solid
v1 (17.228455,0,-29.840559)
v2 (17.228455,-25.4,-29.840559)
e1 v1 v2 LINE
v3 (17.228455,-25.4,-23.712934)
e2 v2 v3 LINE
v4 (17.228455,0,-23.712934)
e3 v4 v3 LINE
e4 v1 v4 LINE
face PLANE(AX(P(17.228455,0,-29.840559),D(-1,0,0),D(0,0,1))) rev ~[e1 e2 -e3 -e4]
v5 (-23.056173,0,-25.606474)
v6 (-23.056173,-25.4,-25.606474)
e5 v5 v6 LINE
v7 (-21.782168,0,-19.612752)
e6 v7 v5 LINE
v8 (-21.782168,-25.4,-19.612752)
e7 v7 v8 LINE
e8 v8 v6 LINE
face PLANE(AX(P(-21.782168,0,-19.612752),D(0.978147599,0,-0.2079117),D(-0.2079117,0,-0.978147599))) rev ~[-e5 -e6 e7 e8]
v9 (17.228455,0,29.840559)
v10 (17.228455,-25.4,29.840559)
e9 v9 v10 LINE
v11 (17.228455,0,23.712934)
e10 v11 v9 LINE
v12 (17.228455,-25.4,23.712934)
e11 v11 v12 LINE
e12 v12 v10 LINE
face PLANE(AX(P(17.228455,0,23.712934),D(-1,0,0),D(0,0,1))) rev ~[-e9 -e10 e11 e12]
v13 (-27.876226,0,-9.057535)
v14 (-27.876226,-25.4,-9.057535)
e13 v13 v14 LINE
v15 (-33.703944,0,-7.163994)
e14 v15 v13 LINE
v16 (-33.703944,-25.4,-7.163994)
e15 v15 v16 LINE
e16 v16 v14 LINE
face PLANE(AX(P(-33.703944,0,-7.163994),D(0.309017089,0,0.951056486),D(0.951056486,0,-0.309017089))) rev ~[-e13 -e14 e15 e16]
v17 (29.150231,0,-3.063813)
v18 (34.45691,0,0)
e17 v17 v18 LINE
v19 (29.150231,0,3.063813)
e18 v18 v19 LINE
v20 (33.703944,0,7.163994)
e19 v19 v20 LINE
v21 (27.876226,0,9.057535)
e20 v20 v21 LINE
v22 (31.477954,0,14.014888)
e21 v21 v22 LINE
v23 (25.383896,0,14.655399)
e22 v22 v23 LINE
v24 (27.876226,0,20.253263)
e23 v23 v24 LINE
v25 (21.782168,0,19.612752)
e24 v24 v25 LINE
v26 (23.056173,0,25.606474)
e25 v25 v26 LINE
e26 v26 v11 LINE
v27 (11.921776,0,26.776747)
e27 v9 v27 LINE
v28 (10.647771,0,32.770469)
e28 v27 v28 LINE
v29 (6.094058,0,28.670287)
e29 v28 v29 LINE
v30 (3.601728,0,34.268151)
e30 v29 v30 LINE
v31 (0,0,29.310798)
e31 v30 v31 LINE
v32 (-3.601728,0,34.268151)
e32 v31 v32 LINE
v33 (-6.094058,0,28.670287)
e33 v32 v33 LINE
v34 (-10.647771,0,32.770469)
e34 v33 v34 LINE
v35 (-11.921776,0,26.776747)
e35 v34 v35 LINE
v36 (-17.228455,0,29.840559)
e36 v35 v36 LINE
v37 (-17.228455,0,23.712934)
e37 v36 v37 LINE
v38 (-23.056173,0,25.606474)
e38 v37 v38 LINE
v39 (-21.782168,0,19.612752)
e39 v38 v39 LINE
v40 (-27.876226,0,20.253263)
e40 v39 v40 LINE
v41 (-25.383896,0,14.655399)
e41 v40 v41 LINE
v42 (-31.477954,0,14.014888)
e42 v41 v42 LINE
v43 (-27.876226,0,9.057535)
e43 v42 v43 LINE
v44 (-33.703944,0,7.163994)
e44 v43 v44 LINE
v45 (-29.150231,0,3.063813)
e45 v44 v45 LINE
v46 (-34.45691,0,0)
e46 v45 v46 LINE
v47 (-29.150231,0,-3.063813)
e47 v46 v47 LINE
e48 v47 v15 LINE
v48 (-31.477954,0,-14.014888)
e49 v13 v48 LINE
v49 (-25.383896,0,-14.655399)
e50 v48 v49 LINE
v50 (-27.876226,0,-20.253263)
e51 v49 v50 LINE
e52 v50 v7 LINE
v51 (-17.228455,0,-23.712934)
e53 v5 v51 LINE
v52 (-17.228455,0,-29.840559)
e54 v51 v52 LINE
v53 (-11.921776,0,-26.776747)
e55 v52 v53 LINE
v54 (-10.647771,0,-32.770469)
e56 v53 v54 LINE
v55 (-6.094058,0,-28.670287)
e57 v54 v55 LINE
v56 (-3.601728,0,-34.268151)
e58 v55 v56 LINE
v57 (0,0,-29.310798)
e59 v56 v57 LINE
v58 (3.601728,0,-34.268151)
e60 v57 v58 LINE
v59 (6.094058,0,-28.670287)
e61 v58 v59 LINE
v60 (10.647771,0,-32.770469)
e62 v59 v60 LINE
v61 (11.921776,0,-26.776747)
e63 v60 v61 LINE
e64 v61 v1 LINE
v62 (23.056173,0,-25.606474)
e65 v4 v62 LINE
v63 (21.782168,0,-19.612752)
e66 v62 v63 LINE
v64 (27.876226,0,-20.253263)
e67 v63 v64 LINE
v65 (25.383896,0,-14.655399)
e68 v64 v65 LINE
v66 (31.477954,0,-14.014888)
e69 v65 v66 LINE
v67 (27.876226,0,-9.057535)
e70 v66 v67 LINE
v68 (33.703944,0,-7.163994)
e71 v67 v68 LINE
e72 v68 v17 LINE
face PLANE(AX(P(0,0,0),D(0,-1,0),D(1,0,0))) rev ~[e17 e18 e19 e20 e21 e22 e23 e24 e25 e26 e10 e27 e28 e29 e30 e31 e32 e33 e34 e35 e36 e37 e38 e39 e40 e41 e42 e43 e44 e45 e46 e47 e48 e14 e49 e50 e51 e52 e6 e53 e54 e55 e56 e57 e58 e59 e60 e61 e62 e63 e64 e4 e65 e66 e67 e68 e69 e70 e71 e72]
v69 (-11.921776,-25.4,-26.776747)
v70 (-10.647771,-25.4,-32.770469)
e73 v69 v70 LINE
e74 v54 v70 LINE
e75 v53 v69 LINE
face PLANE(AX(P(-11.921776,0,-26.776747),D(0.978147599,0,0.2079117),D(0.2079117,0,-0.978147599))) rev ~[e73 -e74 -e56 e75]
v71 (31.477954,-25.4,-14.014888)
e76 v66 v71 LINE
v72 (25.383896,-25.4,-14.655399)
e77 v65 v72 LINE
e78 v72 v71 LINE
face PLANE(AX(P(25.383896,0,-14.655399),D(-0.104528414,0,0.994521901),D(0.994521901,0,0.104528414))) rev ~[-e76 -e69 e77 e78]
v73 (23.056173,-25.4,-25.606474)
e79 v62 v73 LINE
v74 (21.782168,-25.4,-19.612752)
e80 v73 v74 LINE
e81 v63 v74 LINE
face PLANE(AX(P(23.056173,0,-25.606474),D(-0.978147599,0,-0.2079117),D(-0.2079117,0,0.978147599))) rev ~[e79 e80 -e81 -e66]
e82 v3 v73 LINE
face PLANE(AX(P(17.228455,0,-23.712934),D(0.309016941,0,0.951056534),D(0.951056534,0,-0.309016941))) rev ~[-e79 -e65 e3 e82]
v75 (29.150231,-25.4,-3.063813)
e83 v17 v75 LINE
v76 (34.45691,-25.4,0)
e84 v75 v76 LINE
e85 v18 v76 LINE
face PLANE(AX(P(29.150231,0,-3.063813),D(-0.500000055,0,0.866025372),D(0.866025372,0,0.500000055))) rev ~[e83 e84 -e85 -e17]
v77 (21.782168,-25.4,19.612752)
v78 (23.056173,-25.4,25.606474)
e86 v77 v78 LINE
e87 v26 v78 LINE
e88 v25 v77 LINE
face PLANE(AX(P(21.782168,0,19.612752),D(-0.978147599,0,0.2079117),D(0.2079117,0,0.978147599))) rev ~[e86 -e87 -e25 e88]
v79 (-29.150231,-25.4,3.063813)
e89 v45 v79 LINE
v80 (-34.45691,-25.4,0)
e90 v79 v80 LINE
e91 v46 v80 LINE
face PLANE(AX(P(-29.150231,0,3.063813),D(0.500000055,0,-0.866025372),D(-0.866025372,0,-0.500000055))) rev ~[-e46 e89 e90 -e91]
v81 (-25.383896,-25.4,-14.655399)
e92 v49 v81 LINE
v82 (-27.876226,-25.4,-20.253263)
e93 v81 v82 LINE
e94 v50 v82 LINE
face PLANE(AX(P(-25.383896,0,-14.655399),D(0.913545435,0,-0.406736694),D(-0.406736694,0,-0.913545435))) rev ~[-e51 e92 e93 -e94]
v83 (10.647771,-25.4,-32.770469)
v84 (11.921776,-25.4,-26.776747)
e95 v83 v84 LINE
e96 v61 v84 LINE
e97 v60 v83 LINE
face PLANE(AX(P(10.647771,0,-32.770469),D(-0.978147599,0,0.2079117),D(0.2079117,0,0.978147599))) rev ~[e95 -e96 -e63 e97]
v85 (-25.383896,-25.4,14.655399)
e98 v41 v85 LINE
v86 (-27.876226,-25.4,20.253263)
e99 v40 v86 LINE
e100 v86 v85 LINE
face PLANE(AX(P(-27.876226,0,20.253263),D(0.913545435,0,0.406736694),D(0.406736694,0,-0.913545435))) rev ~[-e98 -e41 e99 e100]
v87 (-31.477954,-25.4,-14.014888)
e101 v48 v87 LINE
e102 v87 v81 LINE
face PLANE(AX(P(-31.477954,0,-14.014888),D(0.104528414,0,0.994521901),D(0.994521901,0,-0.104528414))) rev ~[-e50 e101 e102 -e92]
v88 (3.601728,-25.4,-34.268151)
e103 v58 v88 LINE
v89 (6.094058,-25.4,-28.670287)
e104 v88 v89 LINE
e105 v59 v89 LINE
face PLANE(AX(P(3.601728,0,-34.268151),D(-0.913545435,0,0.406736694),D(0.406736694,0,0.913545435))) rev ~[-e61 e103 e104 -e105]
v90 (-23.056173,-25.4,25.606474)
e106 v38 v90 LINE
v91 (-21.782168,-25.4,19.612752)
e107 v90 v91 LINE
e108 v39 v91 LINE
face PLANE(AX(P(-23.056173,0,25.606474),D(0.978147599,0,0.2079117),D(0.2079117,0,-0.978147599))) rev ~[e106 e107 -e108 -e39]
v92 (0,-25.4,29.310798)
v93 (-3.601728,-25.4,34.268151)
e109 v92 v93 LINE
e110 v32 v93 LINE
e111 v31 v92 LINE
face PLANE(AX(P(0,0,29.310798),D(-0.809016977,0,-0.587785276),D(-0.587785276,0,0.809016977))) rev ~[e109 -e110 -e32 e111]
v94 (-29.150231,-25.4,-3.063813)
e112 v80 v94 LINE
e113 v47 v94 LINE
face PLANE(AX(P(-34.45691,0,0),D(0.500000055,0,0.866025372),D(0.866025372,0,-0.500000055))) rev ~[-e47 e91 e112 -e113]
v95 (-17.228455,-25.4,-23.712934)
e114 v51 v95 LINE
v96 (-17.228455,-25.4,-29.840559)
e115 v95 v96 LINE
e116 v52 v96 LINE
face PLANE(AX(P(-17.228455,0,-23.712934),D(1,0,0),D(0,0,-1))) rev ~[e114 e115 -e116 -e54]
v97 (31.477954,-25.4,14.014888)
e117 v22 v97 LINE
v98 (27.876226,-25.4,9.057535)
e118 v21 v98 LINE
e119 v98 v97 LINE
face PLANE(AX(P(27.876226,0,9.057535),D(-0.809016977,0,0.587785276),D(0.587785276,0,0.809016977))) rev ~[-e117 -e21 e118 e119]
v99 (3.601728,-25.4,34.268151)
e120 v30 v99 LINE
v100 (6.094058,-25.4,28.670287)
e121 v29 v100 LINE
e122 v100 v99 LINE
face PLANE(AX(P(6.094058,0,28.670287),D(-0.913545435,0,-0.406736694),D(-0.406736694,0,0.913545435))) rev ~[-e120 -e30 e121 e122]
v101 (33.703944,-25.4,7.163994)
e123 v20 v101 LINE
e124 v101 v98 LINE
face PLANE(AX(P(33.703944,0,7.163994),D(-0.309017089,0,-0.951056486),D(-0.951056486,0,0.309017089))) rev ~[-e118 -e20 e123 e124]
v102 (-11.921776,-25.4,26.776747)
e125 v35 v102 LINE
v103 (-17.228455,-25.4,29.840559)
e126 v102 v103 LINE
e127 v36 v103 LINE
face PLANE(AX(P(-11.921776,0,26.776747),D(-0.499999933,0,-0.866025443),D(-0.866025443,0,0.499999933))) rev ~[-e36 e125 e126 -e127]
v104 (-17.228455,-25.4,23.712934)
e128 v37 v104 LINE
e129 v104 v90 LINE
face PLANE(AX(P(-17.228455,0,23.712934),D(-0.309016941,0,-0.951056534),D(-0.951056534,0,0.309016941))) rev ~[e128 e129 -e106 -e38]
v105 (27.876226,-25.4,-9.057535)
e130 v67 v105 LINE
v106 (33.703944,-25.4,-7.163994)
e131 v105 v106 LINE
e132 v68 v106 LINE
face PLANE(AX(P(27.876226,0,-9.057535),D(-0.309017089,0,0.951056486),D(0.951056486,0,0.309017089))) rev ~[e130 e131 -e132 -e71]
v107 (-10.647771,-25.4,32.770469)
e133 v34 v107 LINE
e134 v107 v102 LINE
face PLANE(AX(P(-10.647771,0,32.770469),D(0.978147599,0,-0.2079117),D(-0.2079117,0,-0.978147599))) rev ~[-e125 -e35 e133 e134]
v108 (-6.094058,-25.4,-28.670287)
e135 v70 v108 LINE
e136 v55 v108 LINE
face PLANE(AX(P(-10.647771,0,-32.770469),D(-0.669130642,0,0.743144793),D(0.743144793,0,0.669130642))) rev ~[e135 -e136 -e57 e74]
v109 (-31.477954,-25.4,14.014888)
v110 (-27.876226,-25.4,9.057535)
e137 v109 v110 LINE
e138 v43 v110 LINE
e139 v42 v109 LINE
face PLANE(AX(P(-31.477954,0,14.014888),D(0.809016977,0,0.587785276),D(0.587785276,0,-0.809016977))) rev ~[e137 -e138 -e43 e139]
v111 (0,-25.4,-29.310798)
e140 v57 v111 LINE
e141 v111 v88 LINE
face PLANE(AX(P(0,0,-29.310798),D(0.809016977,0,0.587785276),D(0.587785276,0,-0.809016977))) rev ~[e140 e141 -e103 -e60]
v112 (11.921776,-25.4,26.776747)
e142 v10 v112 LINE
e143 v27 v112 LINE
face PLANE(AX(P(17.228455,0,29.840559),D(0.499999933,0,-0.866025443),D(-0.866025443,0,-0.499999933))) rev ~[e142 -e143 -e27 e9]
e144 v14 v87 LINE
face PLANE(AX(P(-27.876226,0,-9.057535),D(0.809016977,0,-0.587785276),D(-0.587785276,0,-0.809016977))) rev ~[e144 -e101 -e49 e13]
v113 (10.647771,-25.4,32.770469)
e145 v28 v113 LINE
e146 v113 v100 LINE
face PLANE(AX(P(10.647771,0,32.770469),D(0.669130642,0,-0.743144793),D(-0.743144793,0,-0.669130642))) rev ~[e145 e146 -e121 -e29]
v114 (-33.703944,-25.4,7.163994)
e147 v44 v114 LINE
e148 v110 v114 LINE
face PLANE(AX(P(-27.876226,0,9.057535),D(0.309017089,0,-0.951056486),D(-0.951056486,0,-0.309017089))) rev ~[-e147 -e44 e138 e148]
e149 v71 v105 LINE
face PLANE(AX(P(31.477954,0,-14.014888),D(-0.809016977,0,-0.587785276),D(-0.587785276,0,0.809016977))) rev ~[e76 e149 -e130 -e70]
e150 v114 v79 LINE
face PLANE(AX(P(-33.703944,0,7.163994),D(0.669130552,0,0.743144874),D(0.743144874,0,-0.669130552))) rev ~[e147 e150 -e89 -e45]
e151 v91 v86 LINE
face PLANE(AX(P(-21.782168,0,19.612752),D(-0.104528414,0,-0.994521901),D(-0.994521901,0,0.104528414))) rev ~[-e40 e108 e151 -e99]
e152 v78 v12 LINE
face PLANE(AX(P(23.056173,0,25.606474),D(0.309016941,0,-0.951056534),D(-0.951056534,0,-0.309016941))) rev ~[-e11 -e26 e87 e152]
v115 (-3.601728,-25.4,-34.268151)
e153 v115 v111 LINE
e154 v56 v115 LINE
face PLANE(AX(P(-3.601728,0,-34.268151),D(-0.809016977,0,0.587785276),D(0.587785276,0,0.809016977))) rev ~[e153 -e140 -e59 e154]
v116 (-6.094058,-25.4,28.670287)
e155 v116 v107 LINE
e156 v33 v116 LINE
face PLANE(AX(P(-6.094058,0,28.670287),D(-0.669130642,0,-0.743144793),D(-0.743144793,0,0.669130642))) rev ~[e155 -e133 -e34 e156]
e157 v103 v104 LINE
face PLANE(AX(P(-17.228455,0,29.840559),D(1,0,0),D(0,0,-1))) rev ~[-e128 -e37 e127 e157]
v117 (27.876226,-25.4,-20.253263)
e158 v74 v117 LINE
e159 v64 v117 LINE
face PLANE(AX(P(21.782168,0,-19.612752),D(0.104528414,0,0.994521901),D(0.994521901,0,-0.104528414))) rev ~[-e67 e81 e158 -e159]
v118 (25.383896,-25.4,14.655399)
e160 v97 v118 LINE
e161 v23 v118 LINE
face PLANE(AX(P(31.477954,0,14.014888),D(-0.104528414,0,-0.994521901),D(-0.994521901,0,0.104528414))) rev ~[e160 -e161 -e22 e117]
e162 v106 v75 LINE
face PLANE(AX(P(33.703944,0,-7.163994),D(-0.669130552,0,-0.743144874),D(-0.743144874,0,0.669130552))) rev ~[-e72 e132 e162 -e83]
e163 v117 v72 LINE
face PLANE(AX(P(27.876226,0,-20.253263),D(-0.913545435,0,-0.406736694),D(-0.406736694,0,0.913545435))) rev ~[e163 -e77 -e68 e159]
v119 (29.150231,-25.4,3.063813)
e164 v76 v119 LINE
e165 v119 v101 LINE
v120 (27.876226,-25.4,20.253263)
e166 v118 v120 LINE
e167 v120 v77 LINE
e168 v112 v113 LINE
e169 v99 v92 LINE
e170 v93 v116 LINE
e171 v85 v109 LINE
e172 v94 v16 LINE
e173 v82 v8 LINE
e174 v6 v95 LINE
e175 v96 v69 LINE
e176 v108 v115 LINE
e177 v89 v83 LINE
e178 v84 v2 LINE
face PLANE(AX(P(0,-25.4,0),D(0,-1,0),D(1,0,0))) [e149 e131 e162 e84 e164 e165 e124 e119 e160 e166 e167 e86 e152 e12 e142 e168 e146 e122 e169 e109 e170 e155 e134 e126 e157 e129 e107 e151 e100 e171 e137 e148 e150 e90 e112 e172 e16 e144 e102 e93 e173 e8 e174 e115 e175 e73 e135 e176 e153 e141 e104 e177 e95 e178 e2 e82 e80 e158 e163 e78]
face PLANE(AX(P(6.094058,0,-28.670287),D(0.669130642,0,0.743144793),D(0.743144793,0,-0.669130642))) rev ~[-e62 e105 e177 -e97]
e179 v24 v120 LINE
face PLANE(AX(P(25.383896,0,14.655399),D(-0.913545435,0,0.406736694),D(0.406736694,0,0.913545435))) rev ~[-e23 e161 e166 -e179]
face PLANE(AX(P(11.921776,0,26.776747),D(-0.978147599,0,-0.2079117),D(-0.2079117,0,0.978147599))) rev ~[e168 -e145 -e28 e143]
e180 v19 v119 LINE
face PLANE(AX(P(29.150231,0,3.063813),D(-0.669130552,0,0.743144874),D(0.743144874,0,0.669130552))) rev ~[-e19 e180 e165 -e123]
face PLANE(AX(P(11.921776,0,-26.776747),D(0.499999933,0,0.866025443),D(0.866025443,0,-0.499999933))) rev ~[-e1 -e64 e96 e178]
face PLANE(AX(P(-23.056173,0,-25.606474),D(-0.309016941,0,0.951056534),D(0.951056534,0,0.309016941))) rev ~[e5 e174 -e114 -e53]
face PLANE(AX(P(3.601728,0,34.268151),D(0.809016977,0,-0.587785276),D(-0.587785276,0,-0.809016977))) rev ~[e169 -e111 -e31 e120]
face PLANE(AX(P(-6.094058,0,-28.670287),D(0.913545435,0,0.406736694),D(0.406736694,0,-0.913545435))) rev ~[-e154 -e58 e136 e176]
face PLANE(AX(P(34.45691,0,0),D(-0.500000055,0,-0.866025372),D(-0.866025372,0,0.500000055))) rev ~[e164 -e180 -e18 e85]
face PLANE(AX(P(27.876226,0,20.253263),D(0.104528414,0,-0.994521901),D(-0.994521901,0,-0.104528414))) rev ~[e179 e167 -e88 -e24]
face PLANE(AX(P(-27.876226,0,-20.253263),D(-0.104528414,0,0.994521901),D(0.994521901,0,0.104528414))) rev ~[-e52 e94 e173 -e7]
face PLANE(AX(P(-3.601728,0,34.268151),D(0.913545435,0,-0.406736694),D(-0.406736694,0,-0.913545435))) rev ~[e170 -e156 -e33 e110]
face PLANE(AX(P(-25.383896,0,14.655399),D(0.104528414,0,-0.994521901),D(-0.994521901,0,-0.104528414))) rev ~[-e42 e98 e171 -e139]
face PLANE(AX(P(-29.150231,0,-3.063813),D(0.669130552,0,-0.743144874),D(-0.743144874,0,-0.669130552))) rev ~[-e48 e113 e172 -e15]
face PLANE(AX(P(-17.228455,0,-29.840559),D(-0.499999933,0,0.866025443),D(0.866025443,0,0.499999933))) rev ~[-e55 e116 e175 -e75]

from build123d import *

# Parameters (mm, degrees)
F1_DEPTH = 25.4


with BuildPart() as f1:
    # F0 (on Front) → F1 (new body)
    with BuildSketch(Plane.XZ):
        Polygon((10.647771, 32.770469), (6.094058, 28.670287), (3.601728, 34.268151), (0, 29.310798), (-3.601728, 34.268151), (-6.094058, 28.670287), (-10.647771, 32.770469), (-11.921776, 26.776747), (-17.228455, 29.840559), (-17.228455, 23.712934), (-23.056173, 25.606474), (-21.782168, 19.612752), (-27.876226, 20.253263), (-25.383896, 14.655399), (-31.477954, 14.014888), (-27.876226, 9.057535), (-33.703944, 7.163994), (-29.150231, 3.063813), (-34.45691, 0), (-29.150231, -3.063813), (-33.703944, -7.163994), (-27.876226, -9.057535), (-31.477954, -14.014888), (-25.383896, -14.655399), (-27.876226, -20.253263), (-21.782168, -19.612752), (-23.056173, -25.606474), (-17.228455, -23.712934), (-17.228455, -29.840559), (-11.921776, -26.776747), (-10.647771, -32.770469), (-6.094058, -28.670287), (-3.601728, -34.268151), (0, -29.310798), (3.601728, -34.268151), (6.094058, -28.670287), (10.647771, -32.770469), (11.921776, -26.776747), (17.228455, -29.840559), (17.228455, -23.712934), (23.056173, -25.606474), (21.782168, -19.612752), (27.876226, -20.253263), (25.383896, -14.655399), (31.477954, -14.014888), (27.876226, -9.057535), (33.703944, -7.163994), (29.150231, -3.063813), (34.45691, 0), (29.150231, 3.063813), (33.703944, 7.163994), (27.876226, 9.057535), (31.477954, 14.014888), (25.383896, 14.655399), (27.876226, 20.253263), (21.782168, 19.612752), (23.056173, 25.606474), (17.228455, 23.712934), (17.228455, 29.840559), (11.921776, 26.776747), align=None)
    extrude(amount=F1_DEPTH)


solid = f1.part
